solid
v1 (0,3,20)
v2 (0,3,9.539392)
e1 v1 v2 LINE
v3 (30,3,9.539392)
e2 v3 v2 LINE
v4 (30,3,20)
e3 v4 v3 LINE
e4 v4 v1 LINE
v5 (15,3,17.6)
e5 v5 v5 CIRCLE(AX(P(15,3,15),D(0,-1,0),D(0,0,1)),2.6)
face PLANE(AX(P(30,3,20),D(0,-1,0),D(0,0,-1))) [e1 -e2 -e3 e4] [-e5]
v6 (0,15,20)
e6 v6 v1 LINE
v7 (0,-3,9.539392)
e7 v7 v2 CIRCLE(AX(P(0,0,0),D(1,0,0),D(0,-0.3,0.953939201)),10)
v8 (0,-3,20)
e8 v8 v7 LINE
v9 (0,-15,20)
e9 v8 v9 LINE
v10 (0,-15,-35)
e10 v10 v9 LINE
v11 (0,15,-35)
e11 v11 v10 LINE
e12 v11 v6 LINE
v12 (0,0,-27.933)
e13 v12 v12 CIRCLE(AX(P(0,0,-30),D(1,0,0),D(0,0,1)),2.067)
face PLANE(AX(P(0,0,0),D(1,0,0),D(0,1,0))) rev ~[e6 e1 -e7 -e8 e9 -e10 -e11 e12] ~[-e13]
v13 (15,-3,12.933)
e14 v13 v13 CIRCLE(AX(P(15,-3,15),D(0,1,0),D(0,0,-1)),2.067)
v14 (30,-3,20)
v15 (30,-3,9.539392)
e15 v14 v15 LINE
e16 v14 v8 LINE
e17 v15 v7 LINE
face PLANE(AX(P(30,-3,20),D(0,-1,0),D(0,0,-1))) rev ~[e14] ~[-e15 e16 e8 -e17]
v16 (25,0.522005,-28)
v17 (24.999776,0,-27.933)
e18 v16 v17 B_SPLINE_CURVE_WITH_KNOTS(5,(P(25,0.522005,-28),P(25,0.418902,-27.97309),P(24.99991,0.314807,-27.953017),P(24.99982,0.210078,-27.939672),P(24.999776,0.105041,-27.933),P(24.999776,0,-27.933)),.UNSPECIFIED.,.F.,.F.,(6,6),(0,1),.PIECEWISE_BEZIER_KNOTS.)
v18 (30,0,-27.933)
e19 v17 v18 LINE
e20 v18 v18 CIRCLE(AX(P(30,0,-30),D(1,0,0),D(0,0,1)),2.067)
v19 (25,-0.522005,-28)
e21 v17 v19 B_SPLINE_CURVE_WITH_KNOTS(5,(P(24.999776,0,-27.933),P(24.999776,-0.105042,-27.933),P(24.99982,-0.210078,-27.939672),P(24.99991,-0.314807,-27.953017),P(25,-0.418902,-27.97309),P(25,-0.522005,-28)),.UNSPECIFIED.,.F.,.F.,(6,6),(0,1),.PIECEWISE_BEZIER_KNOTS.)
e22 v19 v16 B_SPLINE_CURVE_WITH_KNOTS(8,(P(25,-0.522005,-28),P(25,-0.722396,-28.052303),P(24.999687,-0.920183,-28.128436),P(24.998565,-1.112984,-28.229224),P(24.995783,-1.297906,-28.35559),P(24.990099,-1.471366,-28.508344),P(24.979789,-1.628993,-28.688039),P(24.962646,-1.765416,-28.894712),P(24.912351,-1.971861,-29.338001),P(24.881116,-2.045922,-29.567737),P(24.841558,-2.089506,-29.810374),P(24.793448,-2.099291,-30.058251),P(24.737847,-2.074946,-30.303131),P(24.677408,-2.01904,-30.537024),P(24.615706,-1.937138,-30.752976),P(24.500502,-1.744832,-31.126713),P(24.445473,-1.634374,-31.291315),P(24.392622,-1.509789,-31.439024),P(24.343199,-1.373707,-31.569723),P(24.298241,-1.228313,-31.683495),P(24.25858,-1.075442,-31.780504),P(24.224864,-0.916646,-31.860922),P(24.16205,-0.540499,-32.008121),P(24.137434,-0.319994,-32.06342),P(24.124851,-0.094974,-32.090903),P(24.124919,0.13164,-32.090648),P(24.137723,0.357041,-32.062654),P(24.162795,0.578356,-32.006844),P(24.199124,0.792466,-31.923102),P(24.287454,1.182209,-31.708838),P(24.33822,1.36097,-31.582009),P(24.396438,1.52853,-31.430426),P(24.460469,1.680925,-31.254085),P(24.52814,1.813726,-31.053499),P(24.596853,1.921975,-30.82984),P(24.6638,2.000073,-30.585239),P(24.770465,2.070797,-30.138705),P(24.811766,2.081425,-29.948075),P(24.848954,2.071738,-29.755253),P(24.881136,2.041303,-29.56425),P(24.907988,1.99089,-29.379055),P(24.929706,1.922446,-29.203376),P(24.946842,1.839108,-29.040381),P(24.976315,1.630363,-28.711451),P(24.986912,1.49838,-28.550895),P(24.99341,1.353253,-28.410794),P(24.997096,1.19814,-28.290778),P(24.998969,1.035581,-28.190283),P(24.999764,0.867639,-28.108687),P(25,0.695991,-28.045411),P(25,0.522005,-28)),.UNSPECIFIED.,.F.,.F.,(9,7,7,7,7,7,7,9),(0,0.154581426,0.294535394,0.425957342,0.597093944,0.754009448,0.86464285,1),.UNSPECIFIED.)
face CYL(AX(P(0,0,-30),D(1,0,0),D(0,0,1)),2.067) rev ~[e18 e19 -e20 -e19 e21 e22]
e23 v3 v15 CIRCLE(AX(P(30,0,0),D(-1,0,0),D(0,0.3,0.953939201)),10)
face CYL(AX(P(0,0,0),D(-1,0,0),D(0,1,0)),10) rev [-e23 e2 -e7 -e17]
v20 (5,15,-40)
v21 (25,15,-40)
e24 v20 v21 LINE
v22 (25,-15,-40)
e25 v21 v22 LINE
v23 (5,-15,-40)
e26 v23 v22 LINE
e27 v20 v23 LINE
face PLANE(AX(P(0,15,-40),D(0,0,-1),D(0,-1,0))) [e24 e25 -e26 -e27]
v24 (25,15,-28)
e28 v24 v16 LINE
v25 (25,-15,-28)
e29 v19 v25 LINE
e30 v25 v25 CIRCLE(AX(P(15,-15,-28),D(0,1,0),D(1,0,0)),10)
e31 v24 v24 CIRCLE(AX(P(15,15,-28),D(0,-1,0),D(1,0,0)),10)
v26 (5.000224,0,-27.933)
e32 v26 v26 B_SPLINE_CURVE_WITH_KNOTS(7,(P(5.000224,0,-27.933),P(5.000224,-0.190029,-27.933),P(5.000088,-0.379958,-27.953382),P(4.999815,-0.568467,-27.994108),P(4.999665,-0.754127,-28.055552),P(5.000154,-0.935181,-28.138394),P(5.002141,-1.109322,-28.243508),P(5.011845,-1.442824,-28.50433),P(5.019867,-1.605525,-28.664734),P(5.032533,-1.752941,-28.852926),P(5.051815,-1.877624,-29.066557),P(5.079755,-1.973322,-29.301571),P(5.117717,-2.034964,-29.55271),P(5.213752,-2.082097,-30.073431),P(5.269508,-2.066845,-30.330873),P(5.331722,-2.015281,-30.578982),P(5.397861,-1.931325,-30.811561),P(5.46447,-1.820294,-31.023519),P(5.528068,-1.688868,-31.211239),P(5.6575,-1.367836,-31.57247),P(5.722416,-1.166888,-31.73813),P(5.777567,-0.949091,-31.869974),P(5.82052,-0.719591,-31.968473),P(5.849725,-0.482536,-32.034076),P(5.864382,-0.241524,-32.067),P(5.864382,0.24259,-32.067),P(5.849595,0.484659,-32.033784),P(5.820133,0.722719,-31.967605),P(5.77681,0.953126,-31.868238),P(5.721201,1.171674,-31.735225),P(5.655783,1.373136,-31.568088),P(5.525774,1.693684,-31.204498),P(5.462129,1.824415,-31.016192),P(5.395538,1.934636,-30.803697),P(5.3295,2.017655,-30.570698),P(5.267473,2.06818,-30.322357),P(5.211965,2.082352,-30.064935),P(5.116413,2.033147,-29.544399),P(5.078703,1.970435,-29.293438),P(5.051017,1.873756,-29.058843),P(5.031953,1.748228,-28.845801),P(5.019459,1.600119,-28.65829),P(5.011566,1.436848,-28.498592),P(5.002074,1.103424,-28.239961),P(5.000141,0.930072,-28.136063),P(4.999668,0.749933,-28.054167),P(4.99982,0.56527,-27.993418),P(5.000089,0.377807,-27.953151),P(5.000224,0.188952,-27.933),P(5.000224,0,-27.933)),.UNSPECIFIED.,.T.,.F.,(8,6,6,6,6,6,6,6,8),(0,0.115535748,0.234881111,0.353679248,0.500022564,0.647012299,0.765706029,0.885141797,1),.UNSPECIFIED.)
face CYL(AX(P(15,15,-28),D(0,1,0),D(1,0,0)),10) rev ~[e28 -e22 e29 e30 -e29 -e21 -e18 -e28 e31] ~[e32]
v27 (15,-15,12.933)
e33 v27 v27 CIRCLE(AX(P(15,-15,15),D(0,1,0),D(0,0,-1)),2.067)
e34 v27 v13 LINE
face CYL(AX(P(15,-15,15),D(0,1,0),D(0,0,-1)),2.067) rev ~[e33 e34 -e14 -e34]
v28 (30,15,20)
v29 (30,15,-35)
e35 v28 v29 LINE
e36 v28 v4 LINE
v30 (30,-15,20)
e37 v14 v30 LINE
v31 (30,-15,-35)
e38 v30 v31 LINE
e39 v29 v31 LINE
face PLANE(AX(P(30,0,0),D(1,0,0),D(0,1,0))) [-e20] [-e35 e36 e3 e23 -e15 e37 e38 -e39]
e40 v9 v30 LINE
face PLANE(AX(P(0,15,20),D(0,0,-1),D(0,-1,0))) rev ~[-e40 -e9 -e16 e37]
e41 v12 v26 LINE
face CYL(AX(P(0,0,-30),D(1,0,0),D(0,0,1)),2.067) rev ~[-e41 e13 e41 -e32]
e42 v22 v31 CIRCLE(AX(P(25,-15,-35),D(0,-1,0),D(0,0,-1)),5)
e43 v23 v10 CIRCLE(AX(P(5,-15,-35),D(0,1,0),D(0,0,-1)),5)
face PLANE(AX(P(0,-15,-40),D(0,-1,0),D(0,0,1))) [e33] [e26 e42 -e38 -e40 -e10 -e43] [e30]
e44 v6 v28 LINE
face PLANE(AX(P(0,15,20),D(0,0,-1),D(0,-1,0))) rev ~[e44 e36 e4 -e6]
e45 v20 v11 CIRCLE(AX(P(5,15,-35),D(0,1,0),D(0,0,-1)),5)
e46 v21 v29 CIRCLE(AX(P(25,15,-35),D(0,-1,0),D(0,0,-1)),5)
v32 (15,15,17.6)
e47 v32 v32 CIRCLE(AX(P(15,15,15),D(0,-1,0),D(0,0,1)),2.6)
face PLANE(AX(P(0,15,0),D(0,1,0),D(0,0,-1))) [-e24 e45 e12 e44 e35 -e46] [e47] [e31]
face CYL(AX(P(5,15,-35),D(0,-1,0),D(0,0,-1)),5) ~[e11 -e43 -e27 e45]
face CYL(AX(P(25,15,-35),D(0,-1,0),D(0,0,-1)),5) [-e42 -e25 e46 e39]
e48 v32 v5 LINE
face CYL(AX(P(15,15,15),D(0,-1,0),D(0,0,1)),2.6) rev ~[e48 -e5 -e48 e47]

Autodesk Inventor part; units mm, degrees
ref_plane "YZ Plane" through (0, 0, 0) normal (1, 0, 0) x (0, 1, 0)
ref_plane "XZ Plane" through (0, 0, 0) normal (0, 1, 0) x (-1, 0, 0)
ref_plane "XY Plane" through (0, 0, 0) normal (0, 0, 1) x (1, 0, 0)
sketch "Skizze1" plane through (0, 0, 0) normal (1, 0, 0) x (0, 1, 0)
  circle A0 centre (0, 0) radius 10
  line L0 (15, 0) -> (15, -40)
  line L1 (15, -40) -> (-15, -40)
  line L2 (-15, -40) -> (-15, 0)
  line L3 (15, 0) -> (15, 20)
  line L4 (15, 20) -> (-15, 20)
  line L5 (-15, 20) -> (-15, 0)
  dimension "d0" = 20
  dimension "d2" = 40
  dimension "d3" = 30
  dimension "d4" = 90
  dimension "d40" = 20
extrude "Extrusion1" add sketch "Skizze1" along normal blind 30
sketch "Skizze3" plane through (30, 0, 0) normal (1, 0, 0) x (0, 0, -1)
  line L0 (0, 0) -> (-20, 0)
  line L1 (-20, 0) -> (-20, 3)
  line L2 (-20, 3) -> (0, 3)
  line L3 (0, 3) -> (0, 0)
  line L4 (0, 0) -> (-20, 0)
  line L5 (-20, 0) -> (-20, -3)
  line L6 (-20, -3) -> (0, -3)
  line L7 (0, -3) -> (0, 0)
  dimension "d7" = 20
  dimension "d8" = 3
  dimension "d9" = 3
extrude "Extrusion2" cut sketch "Skizze3" against normal through all
sketch "Skizze6" plane through (0, 0, 0) normal (-1, 0, 0) x (0, 0, 1)
  arc A0 (9.5394, 3) -> (9.5394, -3) centre (0, 0) ccw projected
  line L0 (0, 0) -> (-30, 0)
  dimension "d31" = 30
hole "Bohrung3" at (0, 0, -30) direction (1, 0, 0) diameter 4.134 end through all thread size "M5x0.8" class "6H" standard "ISO Metric profile"
fillet "Rundung1" radius 5 2 edges at (0, 0, -40) (30, 0, -40)
sketch "Skizze9" plane through (0, 15, 20) normal (0, 1, 0) x (1, 0, 0)
  line L0 (30, 47.933) -> (0, 47.933) projected
  line L1 (5, 60) -> (25, 60) projected
  line L2 (15, 60) -> (15, 48)
  circle A0 centre (15, 48) radius 10
  point P0 (0, 20)
  dimension "d79" = 12
  dimension "d80" = 20
extrude "Extrusion4" cut sketch "Skizze9" against normal through all
sketch "Skizze10" plane through (0, 15, 20) normal (0, 1, 0) x (1, 0, 0)
  line L0 (0, 0) -> (30, 0) projected
  line L1 (15, 0) -> (15, 5)
  point P0 (0, 20)
  dimension "d55" = 5
hole "Bohrung5" at (15, 15, 15) direction (0, -1, 0) diameter 5.2 depth 15 tip angle 118
sketch "Skizze12" plane through (0, -15, 20) normal (0, -1, 0) x (1, 0, 0)
  circle A0 centre (15, -5) radius 2.6 projected
  line L0 (15, -5) -> (15, -13.3811)
  circle A1 centre (15, -5) radius 2.5
  point P0 (0, -20)
  dimension "d71" = 5
hole "Bohrung7" at (15, -15, 15) direction (0, 1, 0) diameter 4.134 end through all thread size "M5x0.8" class "6H" standard "ISO Metric profile"
properties part number "Verbindung" material "Edelstahl"
